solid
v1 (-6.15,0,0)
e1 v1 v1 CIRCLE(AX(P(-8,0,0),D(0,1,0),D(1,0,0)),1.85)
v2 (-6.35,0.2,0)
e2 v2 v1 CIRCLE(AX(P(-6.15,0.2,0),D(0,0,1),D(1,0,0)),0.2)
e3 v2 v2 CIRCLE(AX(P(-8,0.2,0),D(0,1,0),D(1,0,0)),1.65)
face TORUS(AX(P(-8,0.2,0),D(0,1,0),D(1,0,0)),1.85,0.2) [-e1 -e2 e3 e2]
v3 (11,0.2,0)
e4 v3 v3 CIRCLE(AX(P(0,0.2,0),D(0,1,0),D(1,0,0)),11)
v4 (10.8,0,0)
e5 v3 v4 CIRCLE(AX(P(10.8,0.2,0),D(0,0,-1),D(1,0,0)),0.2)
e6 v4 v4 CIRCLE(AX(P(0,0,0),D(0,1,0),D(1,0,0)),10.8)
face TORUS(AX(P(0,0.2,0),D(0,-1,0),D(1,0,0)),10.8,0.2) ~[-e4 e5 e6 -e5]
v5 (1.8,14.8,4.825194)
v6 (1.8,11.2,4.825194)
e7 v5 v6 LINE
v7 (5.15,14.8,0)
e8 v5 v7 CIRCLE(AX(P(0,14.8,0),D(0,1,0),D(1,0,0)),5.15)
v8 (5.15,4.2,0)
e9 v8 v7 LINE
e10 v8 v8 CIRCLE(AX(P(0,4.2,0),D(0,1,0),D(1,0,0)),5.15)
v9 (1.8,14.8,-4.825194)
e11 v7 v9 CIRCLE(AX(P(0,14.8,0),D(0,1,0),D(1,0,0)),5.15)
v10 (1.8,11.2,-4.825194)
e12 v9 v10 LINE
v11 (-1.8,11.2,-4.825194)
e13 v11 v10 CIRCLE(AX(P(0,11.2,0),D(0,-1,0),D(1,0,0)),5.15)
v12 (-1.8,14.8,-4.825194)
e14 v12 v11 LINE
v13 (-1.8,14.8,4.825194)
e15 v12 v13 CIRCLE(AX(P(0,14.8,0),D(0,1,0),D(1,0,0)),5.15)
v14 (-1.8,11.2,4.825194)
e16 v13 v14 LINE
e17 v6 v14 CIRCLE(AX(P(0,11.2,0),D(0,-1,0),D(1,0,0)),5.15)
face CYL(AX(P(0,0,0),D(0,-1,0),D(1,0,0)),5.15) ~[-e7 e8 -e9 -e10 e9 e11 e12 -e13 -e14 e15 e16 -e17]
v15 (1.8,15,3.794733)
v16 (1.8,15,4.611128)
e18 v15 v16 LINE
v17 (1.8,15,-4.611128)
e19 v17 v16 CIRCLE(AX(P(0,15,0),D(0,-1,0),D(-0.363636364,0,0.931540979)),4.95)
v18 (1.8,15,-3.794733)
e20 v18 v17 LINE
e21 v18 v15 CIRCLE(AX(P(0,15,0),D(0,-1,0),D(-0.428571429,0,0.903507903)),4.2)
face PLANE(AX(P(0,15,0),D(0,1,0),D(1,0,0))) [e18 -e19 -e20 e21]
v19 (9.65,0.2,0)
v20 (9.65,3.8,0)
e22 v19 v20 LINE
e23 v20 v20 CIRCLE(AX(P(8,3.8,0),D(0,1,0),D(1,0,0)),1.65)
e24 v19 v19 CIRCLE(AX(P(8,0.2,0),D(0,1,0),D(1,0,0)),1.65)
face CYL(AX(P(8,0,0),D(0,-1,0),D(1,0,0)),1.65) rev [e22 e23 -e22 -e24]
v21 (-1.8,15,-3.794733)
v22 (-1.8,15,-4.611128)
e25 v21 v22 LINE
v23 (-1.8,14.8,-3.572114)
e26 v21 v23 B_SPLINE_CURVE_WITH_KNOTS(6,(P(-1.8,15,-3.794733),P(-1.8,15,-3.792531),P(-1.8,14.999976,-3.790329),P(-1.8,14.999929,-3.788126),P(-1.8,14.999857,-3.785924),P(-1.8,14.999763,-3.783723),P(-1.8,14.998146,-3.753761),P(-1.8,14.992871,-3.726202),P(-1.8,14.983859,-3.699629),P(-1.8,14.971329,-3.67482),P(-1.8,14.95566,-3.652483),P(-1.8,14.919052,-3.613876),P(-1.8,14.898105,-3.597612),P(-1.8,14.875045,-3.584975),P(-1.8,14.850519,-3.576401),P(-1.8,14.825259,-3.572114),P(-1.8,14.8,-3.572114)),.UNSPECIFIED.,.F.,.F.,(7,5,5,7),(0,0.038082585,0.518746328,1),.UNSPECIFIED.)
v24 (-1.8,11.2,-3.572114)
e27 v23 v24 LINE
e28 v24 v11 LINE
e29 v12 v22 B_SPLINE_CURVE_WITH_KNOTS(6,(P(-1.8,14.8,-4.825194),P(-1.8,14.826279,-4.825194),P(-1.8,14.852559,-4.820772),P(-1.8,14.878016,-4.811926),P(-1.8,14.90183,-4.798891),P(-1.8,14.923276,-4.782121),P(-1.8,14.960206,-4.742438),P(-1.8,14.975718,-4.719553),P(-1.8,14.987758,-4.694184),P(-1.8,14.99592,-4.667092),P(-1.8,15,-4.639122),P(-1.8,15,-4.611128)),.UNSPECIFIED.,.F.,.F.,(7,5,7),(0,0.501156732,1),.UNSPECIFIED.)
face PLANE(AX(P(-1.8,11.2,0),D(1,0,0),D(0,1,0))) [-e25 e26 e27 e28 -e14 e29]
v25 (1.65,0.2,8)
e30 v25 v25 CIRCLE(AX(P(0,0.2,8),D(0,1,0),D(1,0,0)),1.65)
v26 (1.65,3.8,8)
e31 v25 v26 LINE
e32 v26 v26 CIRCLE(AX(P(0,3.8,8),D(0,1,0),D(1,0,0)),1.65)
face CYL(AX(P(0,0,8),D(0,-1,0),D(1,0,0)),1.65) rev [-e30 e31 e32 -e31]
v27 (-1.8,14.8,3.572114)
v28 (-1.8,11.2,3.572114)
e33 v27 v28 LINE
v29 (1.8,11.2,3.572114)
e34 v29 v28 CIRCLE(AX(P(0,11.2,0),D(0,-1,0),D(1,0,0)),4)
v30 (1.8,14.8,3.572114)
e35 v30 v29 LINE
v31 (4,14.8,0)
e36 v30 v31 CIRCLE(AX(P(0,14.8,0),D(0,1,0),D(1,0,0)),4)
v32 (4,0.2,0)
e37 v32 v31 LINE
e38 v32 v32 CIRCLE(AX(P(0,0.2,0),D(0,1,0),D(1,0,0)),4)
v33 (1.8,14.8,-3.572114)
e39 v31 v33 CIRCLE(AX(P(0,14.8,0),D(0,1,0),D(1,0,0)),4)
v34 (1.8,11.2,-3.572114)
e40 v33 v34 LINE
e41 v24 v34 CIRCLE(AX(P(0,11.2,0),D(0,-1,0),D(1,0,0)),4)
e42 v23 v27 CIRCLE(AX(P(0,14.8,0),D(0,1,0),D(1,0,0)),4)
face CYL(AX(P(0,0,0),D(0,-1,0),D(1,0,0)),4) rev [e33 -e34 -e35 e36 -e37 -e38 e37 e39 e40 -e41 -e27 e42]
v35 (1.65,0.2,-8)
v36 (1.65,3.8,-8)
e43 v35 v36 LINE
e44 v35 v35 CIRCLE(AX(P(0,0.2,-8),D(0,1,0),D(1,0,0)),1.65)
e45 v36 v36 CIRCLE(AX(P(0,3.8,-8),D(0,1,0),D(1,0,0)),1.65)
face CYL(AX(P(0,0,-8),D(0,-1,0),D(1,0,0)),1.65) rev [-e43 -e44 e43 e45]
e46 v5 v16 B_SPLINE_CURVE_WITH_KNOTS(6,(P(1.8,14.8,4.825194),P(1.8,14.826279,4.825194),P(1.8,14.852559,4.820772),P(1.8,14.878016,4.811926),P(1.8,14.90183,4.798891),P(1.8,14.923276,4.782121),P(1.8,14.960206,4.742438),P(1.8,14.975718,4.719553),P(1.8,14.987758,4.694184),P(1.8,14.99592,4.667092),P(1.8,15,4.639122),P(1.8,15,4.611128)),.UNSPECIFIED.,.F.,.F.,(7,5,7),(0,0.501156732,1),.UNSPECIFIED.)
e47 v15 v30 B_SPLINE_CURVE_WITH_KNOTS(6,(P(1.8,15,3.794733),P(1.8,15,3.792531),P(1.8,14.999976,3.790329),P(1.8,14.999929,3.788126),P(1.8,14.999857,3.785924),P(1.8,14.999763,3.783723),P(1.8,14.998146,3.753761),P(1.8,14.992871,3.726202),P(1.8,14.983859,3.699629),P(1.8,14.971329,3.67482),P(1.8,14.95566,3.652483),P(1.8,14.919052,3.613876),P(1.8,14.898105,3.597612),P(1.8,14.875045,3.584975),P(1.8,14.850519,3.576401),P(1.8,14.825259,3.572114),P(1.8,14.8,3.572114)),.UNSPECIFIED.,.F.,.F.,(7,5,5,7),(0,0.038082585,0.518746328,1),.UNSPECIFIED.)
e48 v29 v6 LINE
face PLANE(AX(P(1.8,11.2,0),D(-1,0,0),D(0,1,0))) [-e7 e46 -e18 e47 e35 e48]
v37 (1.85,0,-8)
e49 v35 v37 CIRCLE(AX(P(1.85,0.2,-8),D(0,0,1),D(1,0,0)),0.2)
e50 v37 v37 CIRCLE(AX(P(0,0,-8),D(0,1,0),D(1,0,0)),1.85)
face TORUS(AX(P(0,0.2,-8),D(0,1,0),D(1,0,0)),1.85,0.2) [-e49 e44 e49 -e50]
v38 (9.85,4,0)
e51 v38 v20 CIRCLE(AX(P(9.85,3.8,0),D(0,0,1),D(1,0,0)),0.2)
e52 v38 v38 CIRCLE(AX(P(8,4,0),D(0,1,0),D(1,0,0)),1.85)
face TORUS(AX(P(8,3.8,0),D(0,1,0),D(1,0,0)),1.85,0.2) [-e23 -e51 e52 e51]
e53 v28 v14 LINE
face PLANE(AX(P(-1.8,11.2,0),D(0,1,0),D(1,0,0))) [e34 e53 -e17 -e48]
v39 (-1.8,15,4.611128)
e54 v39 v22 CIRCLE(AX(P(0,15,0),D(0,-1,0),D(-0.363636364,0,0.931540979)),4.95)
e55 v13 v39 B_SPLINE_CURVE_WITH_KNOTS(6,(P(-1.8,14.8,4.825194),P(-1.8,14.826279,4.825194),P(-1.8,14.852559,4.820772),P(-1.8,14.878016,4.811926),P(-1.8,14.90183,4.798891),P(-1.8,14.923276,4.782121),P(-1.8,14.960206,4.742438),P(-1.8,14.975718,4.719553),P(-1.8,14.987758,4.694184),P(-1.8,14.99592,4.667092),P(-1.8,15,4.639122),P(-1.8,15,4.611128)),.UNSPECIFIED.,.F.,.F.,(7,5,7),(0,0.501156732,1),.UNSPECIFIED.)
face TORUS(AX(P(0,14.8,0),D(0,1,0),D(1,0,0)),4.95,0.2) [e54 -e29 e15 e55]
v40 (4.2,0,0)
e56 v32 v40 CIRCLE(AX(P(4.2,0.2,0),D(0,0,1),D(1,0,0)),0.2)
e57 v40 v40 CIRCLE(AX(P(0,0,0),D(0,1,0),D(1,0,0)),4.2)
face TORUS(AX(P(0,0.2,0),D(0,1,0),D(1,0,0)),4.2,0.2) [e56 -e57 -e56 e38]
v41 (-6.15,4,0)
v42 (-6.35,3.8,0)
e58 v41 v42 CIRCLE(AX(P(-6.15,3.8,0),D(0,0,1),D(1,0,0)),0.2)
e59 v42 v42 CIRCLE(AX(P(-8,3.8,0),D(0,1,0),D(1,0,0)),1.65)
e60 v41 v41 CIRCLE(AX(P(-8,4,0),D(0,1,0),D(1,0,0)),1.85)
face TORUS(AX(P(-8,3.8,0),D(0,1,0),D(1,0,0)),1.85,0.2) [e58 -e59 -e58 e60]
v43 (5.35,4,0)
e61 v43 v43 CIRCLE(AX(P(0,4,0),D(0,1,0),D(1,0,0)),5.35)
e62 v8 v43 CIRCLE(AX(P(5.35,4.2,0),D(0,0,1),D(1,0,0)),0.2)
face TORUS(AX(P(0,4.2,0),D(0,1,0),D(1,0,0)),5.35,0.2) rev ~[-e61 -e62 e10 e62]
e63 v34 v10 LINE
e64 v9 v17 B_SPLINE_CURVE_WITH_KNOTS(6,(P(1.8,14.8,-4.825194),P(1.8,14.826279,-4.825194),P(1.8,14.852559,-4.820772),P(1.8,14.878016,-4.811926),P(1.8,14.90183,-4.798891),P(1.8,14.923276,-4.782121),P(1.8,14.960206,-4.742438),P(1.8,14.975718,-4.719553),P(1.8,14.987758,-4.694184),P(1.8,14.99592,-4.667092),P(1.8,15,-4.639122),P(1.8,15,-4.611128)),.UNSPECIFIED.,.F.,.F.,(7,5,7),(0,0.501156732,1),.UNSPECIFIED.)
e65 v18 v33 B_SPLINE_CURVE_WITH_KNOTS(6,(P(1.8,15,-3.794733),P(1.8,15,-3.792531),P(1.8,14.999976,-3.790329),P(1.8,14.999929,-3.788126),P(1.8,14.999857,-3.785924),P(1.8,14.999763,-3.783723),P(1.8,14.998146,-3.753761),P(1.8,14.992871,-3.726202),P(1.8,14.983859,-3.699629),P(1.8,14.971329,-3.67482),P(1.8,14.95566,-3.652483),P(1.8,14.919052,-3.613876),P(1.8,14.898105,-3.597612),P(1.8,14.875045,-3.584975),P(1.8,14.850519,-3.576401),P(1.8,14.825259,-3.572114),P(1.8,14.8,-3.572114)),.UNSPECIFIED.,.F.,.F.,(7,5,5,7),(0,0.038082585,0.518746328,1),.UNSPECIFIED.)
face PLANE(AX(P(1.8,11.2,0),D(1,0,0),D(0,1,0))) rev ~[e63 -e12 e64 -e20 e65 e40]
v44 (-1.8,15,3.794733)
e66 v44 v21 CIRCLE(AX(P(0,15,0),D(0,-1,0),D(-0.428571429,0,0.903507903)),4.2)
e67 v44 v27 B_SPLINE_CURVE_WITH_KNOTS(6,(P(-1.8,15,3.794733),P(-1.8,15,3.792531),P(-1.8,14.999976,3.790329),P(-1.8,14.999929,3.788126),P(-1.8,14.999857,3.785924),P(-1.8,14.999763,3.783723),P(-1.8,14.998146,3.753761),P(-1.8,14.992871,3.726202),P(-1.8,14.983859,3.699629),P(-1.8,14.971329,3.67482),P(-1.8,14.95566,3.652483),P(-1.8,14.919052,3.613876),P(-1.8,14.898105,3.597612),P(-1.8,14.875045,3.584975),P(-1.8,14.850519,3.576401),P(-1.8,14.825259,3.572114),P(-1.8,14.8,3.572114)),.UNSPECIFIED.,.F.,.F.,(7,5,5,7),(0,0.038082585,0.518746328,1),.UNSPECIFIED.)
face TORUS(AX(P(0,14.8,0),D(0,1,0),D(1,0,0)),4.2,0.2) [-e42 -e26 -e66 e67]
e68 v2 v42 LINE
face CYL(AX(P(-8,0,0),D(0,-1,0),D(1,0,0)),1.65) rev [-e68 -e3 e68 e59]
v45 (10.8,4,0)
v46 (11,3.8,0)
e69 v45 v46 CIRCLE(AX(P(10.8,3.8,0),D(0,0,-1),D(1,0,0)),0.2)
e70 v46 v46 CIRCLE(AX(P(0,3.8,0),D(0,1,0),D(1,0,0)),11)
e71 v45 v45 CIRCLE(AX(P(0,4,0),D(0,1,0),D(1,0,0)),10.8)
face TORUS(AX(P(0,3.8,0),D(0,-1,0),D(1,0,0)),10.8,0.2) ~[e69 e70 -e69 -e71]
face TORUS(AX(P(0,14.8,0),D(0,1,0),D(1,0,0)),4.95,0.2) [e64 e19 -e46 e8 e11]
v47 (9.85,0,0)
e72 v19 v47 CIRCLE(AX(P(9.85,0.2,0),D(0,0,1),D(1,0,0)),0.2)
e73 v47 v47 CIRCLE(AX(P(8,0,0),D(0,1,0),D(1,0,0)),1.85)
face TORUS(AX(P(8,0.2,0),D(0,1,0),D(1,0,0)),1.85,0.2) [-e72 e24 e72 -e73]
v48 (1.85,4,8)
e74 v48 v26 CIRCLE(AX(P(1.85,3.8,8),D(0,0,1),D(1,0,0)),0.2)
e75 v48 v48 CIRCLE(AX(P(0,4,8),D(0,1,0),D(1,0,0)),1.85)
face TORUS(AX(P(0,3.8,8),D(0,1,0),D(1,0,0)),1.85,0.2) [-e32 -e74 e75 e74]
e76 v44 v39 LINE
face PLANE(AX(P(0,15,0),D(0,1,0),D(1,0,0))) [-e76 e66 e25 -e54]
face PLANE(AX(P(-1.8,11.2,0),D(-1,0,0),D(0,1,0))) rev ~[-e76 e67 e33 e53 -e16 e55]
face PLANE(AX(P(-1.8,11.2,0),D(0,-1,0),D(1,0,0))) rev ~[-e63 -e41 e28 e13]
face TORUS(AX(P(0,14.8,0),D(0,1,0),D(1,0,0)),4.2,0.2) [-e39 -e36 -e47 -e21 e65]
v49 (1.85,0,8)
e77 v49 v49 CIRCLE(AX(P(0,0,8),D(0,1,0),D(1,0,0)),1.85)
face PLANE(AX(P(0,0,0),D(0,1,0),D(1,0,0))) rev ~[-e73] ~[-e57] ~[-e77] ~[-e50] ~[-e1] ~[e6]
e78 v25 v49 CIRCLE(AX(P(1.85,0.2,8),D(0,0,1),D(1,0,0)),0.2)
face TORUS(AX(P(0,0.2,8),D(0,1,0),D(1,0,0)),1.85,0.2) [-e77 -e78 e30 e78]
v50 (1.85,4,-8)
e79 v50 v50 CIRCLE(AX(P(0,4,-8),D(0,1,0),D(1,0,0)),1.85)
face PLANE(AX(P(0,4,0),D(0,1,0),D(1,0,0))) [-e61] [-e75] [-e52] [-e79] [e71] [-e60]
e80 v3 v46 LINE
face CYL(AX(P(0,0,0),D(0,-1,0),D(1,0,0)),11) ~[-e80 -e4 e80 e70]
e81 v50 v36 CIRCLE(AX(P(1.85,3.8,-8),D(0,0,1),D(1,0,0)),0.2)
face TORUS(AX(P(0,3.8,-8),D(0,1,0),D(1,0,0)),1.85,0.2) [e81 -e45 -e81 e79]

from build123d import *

# Parameters (mm, degrees)
SKETCH_1_R               = 11
SKETCH_1_R_2             = 1.65
SKETCH_1_R_3             = 5.15
EXTRUDE_1_DEPTH          = 4
SKETCH_1_3_R             = 5.15
SKETCH_1_3_R_2           = 4
EXTRUDE_2_DEPTH          = 15
FILLET_1_R               = 0.2
SKETCH_2_W               = 1.8
SKETCH_2_H               = 3.8
CUT_EXTRUDE_1_DEPTH      = 12
CUT_EXTRUDE_1_DEPTH_BACK = 12


with BuildPart() as part:
    # 草图1 → 凸台-拉伸1 (new body)
    with BuildSketch(Plane(origin=(0, 0, 0), x_dir=(1, 0, 0), z_dir=(0, 1, 0))):
        Circle(SKETCH_1_R)
        with Locations((-8, 0)):
            Circle(SKETCH_1_R_2, mode=Mode.SUBTRACT)
        with Locations((0, -8)):
            Circle(SKETCH_1_R_2, mode=Mode.SUBTRACT)
        with Locations((8, 0)):
            Circle(SKETCH_1_R_2, mode=Mode.SUBTRACT)
        with Locations((0, 8)):
            Circle(SKETCH_1_R_2, mode=Mode.SUBTRACT)
        Circle(SKETCH_1_R_3, mode=Mode.SUBTRACT)
    extrude(amount=EXTRUDE_1_DEPTH)

    # 草图1<3> → 凸台-拉伸2 (add)
    with BuildSketch(Plane(origin=(0, 0, 0), x_dir=(1, 0, 0), z_dir=(0, 1, 0))):
        Circle(SKETCH_1_3_R)
        Circle(SKETCH_1_3_R_2, mode=Mode.SUBTRACT)
    extrude(amount=EXTRUDE_2_DEPTH)

    # 圆角1
    fillet_1_edges = [part.edges().sort_by_distance(p)[0] for p in [
        (-1.65, 0, 8),
        (-9.65, 0, 0),
        (-9.65, 4, 0),
        (-1.65, 4, 8),
        (-4, 15, 0),
        (-5.15, 15, 0),
        (-4, 0, 0),
        (6.35, 4, 0),
        (-1.65, 4, -8),
        (-5.15, 4, 0),
        (-11, 4, 0),
        (-11, 0, 0),
        (-1.65, 0, -8),
        (6.35, 0, 0),
    ]]
    fillet(fillet_1_edges, radius=FILLET_1_R)

    # 草图2 → 切除-拉伸1 (cut, two sides)
    with BuildSketch(Plane.XY) as cut_extrude_1_sk:
        with Locations((-0.9, 13.1)):
            Rectangle(SKETCH_2_W, SKETCH_2_H)
        with Locations((0.9, 13.1)):
            Rectangle(SKETCH_2_W, SKETCH_2_H)
    extrude(amount=CUT_EXTRUDE_1_DEPTH, mode=Mode.SUBTRACT)
    extrude(cut_extrude_1_sk.sketch, amount=-CUT_EXTRUDE_1_DEPTH_BACK, mode=Mode.SUBTRACT)


solid = part.part
